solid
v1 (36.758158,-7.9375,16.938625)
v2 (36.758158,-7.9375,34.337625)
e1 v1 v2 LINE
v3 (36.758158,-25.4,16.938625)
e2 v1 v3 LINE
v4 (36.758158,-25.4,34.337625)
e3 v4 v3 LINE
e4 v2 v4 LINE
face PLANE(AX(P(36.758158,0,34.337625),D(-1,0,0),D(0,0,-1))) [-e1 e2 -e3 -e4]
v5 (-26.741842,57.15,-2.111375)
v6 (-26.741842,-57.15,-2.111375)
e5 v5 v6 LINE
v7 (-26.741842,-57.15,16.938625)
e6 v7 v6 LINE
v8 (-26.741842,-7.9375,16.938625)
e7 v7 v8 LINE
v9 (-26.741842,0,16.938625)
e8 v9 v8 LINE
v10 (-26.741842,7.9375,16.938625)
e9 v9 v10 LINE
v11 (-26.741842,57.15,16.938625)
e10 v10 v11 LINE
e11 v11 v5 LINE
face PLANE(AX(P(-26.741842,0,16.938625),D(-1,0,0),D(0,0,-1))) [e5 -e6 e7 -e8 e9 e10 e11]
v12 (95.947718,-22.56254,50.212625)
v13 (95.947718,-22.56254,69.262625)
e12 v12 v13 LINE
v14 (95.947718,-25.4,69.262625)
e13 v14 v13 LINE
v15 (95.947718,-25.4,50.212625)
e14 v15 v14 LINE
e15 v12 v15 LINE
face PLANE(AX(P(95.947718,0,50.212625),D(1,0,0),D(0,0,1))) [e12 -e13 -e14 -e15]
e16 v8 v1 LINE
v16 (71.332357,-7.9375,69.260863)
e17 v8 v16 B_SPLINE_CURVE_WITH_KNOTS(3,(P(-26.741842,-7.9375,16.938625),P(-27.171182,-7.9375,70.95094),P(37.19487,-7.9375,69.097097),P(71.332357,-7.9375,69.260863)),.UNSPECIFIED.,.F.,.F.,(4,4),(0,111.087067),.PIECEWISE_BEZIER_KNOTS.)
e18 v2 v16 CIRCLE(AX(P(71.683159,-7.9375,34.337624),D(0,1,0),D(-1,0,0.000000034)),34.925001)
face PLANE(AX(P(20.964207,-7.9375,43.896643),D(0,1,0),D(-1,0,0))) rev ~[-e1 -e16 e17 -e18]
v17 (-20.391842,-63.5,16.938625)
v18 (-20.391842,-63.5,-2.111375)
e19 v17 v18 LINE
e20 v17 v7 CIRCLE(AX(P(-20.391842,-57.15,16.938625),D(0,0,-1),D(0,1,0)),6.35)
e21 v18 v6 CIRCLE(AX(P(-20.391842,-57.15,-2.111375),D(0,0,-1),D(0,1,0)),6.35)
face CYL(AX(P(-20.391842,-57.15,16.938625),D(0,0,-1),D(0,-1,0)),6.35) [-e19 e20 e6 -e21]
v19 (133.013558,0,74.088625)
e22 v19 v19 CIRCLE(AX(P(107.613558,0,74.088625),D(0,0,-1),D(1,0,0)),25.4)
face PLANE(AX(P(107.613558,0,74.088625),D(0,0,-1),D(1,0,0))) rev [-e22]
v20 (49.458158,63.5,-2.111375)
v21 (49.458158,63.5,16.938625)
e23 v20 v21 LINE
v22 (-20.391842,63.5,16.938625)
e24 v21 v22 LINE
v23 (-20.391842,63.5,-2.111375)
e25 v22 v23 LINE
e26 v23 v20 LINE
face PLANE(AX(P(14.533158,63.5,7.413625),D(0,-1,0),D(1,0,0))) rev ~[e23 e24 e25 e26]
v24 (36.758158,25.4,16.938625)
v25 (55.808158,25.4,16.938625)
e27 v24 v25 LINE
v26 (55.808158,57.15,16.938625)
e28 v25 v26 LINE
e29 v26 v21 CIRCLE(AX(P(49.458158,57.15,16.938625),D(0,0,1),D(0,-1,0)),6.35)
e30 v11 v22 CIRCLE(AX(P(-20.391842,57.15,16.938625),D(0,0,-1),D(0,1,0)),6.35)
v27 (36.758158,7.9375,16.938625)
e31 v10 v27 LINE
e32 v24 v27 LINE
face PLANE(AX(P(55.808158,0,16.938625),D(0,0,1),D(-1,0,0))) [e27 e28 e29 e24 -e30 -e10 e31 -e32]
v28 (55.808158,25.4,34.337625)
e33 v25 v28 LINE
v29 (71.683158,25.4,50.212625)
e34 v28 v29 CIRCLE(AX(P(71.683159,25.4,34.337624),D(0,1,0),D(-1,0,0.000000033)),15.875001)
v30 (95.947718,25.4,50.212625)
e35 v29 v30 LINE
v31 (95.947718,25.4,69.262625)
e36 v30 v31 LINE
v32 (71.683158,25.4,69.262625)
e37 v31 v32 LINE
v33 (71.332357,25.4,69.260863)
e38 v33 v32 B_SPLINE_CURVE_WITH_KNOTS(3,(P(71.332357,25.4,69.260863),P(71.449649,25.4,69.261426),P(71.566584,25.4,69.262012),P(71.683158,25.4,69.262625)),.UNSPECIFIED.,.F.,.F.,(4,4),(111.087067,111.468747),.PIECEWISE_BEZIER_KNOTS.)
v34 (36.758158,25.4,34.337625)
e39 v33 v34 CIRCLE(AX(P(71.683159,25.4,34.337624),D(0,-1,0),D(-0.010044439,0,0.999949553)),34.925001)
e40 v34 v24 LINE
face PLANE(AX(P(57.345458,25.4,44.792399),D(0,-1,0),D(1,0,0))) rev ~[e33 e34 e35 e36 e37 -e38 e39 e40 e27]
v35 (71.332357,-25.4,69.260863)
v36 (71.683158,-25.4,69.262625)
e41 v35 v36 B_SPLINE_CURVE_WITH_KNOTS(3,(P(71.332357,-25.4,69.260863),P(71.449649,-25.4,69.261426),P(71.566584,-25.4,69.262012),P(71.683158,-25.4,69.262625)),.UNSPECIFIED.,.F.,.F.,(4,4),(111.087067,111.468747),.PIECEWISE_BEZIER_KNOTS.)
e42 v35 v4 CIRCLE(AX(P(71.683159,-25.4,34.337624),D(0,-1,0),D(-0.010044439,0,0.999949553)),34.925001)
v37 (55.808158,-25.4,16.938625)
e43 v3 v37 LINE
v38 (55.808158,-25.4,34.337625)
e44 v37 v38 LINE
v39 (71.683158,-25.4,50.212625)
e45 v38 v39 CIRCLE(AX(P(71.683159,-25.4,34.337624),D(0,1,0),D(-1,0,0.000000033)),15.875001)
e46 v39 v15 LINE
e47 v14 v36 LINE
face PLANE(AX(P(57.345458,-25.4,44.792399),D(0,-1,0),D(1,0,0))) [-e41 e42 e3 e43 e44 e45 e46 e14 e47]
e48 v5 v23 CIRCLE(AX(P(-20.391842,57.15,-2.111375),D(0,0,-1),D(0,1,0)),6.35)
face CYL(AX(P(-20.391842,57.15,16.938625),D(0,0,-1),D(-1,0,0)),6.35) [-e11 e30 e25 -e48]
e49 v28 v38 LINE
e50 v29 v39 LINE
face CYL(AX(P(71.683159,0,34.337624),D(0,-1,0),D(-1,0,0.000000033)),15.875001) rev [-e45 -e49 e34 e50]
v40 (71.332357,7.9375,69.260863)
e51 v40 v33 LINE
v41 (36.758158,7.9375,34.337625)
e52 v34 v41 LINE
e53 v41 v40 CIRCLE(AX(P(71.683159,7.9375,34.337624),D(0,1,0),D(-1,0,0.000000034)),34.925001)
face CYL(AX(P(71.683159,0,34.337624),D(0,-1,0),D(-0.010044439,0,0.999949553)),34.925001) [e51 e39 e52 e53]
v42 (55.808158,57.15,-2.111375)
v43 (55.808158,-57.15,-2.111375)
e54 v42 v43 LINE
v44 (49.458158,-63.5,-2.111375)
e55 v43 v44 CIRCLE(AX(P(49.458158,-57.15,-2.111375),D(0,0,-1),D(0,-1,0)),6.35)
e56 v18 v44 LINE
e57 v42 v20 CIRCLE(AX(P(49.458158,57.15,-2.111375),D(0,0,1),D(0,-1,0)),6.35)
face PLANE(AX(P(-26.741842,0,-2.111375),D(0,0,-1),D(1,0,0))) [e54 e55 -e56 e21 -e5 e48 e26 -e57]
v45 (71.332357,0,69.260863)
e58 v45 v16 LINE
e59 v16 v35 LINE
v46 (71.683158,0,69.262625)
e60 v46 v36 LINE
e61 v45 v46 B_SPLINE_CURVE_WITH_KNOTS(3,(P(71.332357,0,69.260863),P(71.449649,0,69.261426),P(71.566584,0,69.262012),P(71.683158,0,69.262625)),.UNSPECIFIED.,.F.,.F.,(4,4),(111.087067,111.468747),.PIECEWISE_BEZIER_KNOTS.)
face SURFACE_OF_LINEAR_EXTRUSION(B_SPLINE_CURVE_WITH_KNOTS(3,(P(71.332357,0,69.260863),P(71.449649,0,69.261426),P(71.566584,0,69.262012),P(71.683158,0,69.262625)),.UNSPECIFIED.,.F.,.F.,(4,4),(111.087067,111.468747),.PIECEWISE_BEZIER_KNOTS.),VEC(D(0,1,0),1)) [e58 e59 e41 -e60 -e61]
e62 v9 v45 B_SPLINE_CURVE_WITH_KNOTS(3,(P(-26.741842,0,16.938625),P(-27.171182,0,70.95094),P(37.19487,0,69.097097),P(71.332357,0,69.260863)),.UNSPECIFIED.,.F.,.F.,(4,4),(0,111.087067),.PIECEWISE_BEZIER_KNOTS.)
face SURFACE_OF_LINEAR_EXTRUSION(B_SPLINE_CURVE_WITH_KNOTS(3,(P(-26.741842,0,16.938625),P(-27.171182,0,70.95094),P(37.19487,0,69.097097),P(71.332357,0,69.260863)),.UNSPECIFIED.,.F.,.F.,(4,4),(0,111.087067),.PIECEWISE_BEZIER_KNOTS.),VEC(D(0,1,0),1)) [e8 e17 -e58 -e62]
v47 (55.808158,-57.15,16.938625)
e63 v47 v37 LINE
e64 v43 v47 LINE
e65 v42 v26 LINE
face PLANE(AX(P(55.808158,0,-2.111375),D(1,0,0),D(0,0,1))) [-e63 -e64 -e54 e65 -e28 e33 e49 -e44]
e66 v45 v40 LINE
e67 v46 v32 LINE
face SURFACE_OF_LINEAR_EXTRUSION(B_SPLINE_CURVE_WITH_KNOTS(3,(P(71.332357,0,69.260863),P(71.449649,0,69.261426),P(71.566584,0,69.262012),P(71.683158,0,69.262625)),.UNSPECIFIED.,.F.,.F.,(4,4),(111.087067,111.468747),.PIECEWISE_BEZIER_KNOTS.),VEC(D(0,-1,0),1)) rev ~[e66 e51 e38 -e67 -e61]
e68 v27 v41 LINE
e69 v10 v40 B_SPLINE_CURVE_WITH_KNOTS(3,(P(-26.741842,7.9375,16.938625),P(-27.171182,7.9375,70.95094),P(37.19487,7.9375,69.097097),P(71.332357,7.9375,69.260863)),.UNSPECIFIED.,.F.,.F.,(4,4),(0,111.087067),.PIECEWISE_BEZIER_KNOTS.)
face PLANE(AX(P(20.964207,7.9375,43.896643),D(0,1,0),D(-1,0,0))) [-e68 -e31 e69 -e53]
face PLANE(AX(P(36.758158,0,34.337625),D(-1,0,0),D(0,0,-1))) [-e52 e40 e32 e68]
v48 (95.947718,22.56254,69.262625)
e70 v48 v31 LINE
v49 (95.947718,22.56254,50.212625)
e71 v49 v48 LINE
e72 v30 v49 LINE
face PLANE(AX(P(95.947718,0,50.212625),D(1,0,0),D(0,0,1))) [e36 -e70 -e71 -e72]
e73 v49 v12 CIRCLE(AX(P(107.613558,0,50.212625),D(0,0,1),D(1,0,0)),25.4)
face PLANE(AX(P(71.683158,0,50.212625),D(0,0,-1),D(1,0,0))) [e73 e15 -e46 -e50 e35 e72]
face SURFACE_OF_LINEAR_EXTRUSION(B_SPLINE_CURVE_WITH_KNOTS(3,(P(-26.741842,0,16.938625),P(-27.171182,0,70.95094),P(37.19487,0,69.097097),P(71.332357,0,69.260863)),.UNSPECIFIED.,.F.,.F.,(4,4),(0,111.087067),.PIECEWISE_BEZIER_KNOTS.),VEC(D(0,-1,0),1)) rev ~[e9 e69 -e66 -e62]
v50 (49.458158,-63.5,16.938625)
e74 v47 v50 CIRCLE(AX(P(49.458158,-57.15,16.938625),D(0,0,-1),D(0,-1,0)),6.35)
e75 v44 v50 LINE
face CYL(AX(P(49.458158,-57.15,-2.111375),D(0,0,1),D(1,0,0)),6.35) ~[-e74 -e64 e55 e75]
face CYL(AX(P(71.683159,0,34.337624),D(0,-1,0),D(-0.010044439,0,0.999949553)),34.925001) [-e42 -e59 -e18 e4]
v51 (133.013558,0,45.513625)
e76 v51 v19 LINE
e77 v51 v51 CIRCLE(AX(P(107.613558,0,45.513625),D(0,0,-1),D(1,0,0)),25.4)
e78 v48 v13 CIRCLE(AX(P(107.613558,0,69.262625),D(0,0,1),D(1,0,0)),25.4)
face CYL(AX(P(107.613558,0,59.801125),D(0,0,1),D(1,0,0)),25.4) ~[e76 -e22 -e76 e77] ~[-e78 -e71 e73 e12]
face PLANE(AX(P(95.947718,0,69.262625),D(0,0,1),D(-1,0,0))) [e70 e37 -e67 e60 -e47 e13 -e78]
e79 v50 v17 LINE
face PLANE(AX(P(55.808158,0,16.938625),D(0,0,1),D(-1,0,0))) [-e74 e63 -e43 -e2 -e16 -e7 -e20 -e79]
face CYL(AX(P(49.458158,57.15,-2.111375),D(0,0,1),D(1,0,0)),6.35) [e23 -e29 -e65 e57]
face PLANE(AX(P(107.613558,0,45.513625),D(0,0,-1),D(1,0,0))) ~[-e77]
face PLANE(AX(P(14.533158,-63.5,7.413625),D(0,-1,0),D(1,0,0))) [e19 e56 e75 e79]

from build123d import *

# Parameters (mm, degrees)
F1_DEPTH = 63.5
F0_W     = 13.734161
F0_H     = 19.05
F2_DEPTH = 25.4
F3_DEPTH = 7.9375
F0_W_2   = 25.4
F0_H_2   = 28.575
F5_R     = 6.35


with BuildPart() as f1:
    # F0 (on Front) → F1 (new body, symmetric)
    with BuildSketch(Plane.XZ):
        Polygon((36.758158, 16.938625), (-26.741842, 16.938625), (-26.741842, -2.111375), (55.808158, -2.111375), (55.808158, 16.938625), align=None)
    extrude(amount=F1_DEPTH, both=True)

    # F0 (on Front) → F2 (join, symmetric)
    with BuildSketch(Plane.XZ):
        with BuildLine():
            Line((36.758158, 34.337625), (36.758158, 16.938625))
            Line((36.758158, 16.938625), (55.808158, 16.938625))
            Line((55.808158, 16.938625), (55.808158, 34.337625))
            ThreePointArc((55.808158, 34.337625), (60.457838, 45.562945), (71.683158, 50.212625))
            Line((71.683158, 50.212625), (82.213558, 50.212625))
            Line((82.213558, 50.212625), (82.213558, 69.262625))
            Line((82.213558, 69.262625), (71.683158, 69.262625))
            add(Edge.make_bspline(
                [(71.332357, 69.260863), (71.449649, 69.261426), (71.566584, 69.262012), (71.683158, 69.262625)],
                knots=[111.087067, 111.087067, 111.087067, 111.087067, 111.468747, 111.468747, 111.468747, 111.468747], degree=3))
            ThreePointArc((71.332357, 69.260863), (46.863737, 58.908989), (36.758158, 34.337625))
        make_face()
        with Locations((89.080638, 59.737625)):
            Rectangle(F0_W, F0_H)
    extrude(amount=F2_DEPTH, both=True)

    # F0 (on Front) → F3 (join, symmetric)
    with BuildSketch(Plane.XZ):
        with BuildLine():
            add(Edge.make_bspline(
                [(-26.741842, 16.938625), (-27.171182, 70.95094), (37.19487, 69.097097), (71.332357, 69.260863)],
                knots=[0, 0, 0, 0, 111.087067, 111.087067, 111.087067, 111.087067], degree=3))
            Line((-26.741842, 16.938625), (36.758158, 16.938625))
            Line((36.758158, 16.938625), (36.758158, 34.337625))
            ThreePointArc((36.758158, 34.337625), (46.863737, 58.908989), (71.332357, 69.260863))
        make_face()
    extrude(amount=F3_DEPTH, both=True)

    # F0 (on Front) → F4 (revolve)
    with BuildSketch(Plane.XZ):
        with Locations((120.313558, 59.801125)):
            Rectangle(F0_W_2, F0_H_2)
    revolve(axis=Axis((107.613558, 0, 59.801125), (0, 0, -1)))

    # F5
    f5_edges = [f1.edges().sort_by_distance(p)[0] for p in [
        (-26.741842, -63.5, 7.413625),
        (55.808158, -63.5, 7.413625),
        (55.808158, 63.5, 7.413625),
        (-26.741842, 63.5, 7.413625),
    ]]
    fillet(f5_edges, radius=F5_R)


solid = f1.part
